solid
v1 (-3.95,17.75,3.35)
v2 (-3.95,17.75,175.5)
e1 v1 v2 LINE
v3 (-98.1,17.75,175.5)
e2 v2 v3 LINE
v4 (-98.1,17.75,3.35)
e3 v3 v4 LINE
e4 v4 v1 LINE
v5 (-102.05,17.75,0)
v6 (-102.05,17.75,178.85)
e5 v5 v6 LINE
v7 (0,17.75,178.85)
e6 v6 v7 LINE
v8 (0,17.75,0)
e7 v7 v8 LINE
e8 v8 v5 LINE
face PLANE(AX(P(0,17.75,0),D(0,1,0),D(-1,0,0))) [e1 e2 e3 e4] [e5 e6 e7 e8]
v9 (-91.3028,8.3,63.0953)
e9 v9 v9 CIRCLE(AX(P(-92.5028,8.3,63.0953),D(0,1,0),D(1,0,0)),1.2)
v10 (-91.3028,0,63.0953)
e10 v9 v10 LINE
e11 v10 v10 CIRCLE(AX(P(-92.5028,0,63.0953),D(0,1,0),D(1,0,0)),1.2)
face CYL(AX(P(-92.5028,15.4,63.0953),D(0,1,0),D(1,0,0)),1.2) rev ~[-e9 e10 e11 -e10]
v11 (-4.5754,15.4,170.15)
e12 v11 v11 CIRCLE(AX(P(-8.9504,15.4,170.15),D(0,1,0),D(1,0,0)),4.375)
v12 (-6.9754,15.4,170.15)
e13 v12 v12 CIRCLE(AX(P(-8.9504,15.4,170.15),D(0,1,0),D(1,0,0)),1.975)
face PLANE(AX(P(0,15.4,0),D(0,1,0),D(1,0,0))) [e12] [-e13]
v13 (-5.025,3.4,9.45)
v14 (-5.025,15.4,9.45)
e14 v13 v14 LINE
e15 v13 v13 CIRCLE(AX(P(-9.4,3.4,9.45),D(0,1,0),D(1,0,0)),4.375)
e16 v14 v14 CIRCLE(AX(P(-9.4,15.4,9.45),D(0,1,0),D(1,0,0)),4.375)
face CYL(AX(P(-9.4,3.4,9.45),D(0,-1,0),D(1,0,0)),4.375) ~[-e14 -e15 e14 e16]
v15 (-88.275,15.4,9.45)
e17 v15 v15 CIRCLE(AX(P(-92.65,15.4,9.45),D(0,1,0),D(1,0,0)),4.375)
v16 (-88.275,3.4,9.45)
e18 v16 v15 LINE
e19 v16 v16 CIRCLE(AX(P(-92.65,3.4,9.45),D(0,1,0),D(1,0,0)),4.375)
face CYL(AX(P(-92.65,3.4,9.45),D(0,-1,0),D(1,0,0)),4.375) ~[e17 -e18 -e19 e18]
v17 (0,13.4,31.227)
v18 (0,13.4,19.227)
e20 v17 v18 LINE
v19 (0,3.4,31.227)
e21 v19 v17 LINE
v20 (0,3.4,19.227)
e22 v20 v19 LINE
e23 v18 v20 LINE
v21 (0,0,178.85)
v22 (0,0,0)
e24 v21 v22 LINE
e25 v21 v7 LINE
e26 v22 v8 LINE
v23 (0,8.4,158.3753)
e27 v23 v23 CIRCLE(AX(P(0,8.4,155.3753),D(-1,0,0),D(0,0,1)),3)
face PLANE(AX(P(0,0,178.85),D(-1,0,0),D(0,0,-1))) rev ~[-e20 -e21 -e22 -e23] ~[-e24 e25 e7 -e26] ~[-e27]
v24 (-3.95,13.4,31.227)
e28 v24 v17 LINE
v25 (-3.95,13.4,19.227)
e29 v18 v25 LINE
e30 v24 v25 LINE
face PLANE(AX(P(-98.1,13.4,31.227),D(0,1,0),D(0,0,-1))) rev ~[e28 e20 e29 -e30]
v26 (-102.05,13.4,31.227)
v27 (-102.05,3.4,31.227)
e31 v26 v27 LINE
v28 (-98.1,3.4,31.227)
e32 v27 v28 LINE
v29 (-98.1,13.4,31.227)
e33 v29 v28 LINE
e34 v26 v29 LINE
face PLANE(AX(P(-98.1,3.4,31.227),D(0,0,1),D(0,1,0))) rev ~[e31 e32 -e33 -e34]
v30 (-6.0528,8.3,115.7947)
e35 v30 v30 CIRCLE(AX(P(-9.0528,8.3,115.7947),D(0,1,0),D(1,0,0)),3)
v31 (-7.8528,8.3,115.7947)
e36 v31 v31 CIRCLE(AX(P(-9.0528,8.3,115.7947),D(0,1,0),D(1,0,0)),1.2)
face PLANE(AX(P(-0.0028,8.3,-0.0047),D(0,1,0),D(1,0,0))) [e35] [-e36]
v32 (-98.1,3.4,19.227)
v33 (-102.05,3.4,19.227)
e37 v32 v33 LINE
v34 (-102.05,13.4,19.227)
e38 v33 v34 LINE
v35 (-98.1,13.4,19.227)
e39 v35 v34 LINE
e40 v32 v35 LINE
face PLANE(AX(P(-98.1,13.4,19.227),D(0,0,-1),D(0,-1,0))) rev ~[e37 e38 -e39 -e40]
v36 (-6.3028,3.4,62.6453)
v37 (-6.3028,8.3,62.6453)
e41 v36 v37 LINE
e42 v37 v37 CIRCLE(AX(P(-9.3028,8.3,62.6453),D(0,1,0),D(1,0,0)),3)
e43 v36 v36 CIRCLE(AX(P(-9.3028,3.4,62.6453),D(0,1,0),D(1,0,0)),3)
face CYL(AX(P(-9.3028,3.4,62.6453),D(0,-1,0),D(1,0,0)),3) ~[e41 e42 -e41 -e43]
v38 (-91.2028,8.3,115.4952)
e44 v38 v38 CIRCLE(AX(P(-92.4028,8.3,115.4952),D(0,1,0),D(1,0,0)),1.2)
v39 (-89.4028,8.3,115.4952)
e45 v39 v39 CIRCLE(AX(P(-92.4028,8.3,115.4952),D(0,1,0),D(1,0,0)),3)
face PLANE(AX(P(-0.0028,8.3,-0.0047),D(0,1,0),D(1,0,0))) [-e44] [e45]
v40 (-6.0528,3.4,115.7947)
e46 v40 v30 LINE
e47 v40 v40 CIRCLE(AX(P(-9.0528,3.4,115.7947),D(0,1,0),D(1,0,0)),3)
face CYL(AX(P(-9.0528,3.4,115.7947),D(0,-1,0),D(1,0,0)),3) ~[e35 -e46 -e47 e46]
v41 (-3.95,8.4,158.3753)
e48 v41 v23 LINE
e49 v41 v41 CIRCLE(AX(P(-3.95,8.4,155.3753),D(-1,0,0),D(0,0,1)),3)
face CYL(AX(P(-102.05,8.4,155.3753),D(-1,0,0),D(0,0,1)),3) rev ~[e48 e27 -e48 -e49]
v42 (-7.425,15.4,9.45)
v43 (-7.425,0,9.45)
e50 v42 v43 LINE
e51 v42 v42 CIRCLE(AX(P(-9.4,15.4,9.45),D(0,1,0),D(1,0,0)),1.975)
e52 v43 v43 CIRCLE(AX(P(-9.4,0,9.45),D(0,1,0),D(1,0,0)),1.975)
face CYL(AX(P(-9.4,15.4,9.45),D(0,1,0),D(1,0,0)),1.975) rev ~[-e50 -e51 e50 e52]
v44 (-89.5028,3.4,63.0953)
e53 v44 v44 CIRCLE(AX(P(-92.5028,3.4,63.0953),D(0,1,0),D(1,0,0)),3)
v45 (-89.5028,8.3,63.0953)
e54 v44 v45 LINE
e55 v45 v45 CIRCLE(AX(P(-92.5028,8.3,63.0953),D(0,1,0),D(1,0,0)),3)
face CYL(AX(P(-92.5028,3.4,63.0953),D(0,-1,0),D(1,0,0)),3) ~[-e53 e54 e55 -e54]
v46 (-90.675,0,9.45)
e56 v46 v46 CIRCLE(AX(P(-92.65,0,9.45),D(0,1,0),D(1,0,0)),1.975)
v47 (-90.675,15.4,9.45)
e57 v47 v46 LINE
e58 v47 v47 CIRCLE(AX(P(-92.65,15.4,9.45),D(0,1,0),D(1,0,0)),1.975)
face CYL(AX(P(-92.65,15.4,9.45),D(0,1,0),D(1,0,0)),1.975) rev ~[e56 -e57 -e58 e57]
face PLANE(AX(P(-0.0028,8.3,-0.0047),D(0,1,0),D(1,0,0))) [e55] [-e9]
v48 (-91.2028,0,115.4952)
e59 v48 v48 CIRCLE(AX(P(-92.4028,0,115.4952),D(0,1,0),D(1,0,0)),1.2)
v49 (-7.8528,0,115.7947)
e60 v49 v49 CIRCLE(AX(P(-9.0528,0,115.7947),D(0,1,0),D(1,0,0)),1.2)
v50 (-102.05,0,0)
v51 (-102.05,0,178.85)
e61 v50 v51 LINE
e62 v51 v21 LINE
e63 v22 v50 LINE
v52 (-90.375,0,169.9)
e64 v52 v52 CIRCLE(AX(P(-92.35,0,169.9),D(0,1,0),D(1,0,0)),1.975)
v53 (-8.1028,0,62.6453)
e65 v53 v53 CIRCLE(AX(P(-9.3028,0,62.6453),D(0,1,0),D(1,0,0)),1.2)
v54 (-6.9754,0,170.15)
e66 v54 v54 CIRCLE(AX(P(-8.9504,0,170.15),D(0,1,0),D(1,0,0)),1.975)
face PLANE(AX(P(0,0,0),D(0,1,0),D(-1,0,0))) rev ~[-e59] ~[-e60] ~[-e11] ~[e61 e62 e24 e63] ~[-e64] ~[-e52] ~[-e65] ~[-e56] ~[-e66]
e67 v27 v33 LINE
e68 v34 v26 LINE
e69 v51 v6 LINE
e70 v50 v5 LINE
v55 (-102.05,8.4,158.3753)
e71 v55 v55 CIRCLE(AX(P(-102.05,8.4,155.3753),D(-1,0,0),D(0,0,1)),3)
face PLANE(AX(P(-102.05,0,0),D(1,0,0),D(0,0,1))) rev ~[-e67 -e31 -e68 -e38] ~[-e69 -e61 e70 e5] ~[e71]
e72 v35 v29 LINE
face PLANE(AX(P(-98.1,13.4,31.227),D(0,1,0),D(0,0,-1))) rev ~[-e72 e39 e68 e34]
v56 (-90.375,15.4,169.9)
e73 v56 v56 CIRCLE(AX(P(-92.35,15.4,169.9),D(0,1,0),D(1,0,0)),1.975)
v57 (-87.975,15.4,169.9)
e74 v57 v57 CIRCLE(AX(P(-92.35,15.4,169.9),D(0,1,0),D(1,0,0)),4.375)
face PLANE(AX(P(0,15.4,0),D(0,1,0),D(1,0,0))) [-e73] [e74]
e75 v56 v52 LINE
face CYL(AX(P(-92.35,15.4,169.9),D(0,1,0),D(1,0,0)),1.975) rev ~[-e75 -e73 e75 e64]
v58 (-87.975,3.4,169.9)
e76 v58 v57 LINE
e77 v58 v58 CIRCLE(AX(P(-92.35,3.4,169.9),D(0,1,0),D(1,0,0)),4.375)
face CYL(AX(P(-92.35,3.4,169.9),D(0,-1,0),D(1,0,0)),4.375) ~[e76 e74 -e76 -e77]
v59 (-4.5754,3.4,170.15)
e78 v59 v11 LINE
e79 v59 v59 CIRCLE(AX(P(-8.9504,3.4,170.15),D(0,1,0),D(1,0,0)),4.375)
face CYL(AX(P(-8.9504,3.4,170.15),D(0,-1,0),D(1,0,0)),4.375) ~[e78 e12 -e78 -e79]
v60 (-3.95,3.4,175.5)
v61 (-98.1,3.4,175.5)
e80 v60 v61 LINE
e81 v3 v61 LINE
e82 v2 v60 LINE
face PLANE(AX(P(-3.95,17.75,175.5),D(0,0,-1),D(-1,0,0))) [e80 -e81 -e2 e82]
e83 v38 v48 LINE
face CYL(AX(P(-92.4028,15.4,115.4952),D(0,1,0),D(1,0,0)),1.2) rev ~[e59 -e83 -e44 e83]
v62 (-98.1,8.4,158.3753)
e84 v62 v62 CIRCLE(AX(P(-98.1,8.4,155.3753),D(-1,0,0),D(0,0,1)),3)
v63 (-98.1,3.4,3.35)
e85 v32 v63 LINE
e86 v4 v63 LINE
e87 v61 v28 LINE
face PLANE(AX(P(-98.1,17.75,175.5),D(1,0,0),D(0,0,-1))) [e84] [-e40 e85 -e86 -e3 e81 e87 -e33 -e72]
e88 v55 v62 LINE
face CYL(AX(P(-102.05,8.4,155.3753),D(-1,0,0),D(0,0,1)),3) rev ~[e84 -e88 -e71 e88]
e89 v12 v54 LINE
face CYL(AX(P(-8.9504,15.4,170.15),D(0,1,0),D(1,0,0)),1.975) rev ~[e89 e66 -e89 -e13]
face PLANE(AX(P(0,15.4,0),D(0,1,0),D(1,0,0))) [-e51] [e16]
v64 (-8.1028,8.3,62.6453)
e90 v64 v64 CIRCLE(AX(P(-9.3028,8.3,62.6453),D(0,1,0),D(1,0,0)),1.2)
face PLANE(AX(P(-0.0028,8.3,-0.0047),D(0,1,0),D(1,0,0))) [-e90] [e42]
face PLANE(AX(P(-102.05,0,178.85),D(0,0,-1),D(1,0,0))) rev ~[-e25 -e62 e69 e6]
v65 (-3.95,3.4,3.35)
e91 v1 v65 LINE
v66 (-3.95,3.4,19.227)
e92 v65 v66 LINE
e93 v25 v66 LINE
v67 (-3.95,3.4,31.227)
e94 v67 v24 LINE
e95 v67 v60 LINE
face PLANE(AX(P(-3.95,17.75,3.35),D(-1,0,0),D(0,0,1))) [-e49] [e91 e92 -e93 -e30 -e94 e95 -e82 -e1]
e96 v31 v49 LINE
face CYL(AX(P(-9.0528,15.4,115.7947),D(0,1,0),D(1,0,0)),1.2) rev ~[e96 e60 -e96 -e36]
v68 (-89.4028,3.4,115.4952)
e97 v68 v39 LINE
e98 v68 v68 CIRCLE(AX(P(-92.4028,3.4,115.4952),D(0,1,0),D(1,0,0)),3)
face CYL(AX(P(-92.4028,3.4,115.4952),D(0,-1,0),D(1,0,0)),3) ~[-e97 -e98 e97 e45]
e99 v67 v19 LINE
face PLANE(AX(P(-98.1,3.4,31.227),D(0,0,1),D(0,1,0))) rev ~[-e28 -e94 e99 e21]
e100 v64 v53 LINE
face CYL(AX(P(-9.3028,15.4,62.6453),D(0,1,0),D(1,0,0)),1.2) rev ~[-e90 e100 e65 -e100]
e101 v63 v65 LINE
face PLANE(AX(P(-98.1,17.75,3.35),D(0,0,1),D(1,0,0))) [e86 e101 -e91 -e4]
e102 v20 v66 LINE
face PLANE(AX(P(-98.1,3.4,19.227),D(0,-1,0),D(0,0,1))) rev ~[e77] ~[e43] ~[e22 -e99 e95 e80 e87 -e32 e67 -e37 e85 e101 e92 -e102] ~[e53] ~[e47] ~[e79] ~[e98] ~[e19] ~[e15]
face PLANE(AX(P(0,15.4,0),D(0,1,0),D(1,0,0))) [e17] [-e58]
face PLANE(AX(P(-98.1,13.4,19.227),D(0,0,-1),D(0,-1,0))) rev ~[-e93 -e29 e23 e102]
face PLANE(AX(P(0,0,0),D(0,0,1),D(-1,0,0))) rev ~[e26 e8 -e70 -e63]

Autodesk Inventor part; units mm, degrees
ref_plane "YZ Plane" through (0, 0, 0) normal (1, 0, 0) x (0, 1, 0)
ref_plane "XZ Plane" through (0, 0, 0) normal (0, 1, 0) x (-1, 0, 0)
ref_plane "XY Plane" through (0, 0, 0) normal (0, 0, 1) x (1, 0, 0)
sketch "Szkic1" plane through (0, 0, 0) normal (0, 1, 0) x (-1, 0, 0)
  line L0 (0, 0) -> (102.05, 0)
  line L1 (102.05, 0) -> (102.05, 178.85)
  line L2 (102.05, 178.85) -> (0, 178.85)
  line L3 (0, 178.85) -> (0, 0)
  dimension "d0" = 178.85
  dimension "d1" = 102.05
extrude "Wyciągnięcie proste1" add sketch "Szkic1" along normal blind 17.75
sketch "Szkic2" plane through (0, 17.75, 0) normal (0, 1, 0) x (1, 0, 0)
  line L0 (-98.1, -3.35) -> (-3.95, -3.35)
  line L1 (-3.95, -3.35) -> (-3.95, -175.5)
  line L2 (-3.95, -175.5) -> (-98.1, -175.5)
  line L3 (-98.1, -175.5) -> (-98.1, -3.35)
  line L4 (-102.05, -178.85) -> (0, -178.85) projected
  line L5 (0, 0) -> (-102.05, 0) projected
  line L6 (-102.05, 0) -> (-102.05, -178.85) projected
  line L7 (0, -178.85) -> (0, 0) projected
  dimension "d4" = 3.35
  dimension "d5" = 3.35
  dimension "d6" = 3.95
  dimension "d7" = 3.95
extrude "Wyciągnięcie proste2" cut sketch "Szkic2" against normal blind 14.35 contours L0 L1 L2 L3
sketch "Szkic3" plane through (0, 3.4, 0) normal (0, 1, 0) x (1, 0, 0)
  circle A0 centre (-9.4, -9.45) radius 4.375
  circle A1 centre (-92.65, -9.45) radius 4.375
  circle A2 centre (-92.5, -63.1) radius 3
  circle A3 centre (-9.3, -62.65) radius 3
  circle A4 centre (-92.4, -115.4999) radius 3
  circle A5 centre (-9.05, -115.7994) radius 3
  circle A6 centre (-92.35, -169.9) radius 4.375
  circle A7 centre (-8.9504, -170.15) radius 4.375
  line L0 (-102.05, 0) -> (-102.05, -178.85) projected
  line L1 (0, 0) -> (-102.05, 0) projected
  line L2 (0, -178.85) -> (0, 0) projected
  line L3 (-98.1, -175.5) -> (-98.1, -3.35) projected
  line L4 (-3.95, -3.35) -> (-3.95, -175.5) projected
  dimension "d10" = 8.75
  dimension "d11" = 8.75
  dimension "d12" = 6
  dimension "d13" = 6
  dimension "d14" = 6
  dimension "d15" = 6
  dimension "d16" = 8.75
  dimension "d17" = 8.75
  dimension "d18" = 9.4
  dimension "d19" = 9.45
  dimension "d20" = 9.45
  dimension "d21" = 9.4
  dimension "d23" = 63.1
  dimension "d25" = 62.65
  dimension "d27" = 52.4
  dimension "d29" = 53.15
  dimension "d30" = 83.2
  dimension "d31" = 102.05
  dimension "d32" = 9.55
  dimension "d33" = 9.65
  dimension "d34" = 83.35
  dimension "d35" = 83.4
  dimension "d36" = 9.7
  dimension "d37" = 160.45
  dimension "d38" = 160.7
extrude "Wyciągnięcie proste3" add sketch "Szkic3" along normal blind 12 contours A0 | A1 | A6 | A7
sketch "Szkic4" plane through (-0.0028, 3.4, -0.0047) normal (0, 1, 0) x (1, 0, 0)
  circle A0 centre (-9.4, -9.45) radius 4.375
  circle A1 centre (-92.65, -9.45) radius 4.375
  circle A2 centre (-92.5, -63.1) radius 3
  circle A3 centre (-9.3, -62.65) radius 3
  circle A4 centre (-92.4, -115.4999) radius 3
  circle A5 centre (-9.05, -115.7994) radius 3
  circle A6 centre (-92.35, -169.9) radius 4.375
  circle A7 centre (-8.9504, -170.15) radius 4.375
  line L0 (-102.05, 0) -> (-102.05, -178.85)
  line L1 (0, 0) -> (-102.05, 0)
  line L2 (0, -178.85) -> (0, 0)
  line L3 (-98.1, -175.5) -> (-98.1, -3.35)
  line L4 (-3.95, -3.35) -> (-3.95, -175.5)
  dimension "d59" = 8.75
  dimension "d62" = 8.75
  dimension "d56" = 6
  dimension "d53" = 6
  dimension "d47" = 6
  dimension "d50" = 6
  dimension "d44" = 8.75
  dimension "d41" = 8.75
  dimension "d61" = 9.4
  dimension "d60" = 9.45
  dimension "d64" = 9.45
  dimension "d63" = 9.4
  dimension "d58" = 63.1
  dimension "d55" = 62.65
  dimension "d52" = 52.4
  dimension "d49" = 53.15
  dimension "d54" = 83.2
  dimension "d68" = 102.05
  dimension "d57" = 9.55
  dimension "d51" = 9.65
  dimension "d48" = 83.35
  dimension "d43" = 83.4
  dimension "d46" = 9.7
  dimension "d45" = 160.45
  dimension "d42" = 160.7
extrude "Wyciągnięcie proste4" add sketch "Szkic4" along normal blind 4.9 contours A2 | A3 | A4 | A5
sketch "Szkic5" plane through (-92.65, 15.4, 9.45) normal (0, 1, 0) x (1, 0, 0)
  circle A0 centre (0, 0) radius 1.975
  circle A1 centre (83.25, 0) radius 4.375 projected
  circle A2 centre (83.25, 0) radius 1.975
  circle A3 centre (0.1472, -53.6453) radius 3 projected
  circle A4 centre (0.1472, -53.6453) radius 1.2
  circle A5 centre (83.3472, -53.1953) radius 3 projected
  circle A6 centre (83.3472, -53.1953) radius 1.2
  circle A7 centre (0.2472, -106.0452) radius 3 projected
  circle A8 centre (0.2472, -106.0452) radius 1.2
  circle A9 centre (83.5972, -106.3447) radius 3 projected
  circle A10 centre (83.5972, -106.3447) radius 1.2
  circle A11 centre (0.3, -160.45) radius 4.375 projected
  circle A12 centre (0.3, -160.45) radius 1.975
  circle A13 centre (83.6996, -160.7) radius 4.375 projected
  circle A14 centre (83.6996, -160.7) radius 1.975
  point P0 (92.65, 9.45)
  dimension "d69" = 3.95
  dimension "d70" = 3.95
  dimension "d71" = 2.4
  dimension "d72" = 2.4
  dimension "d73" = 2.4
  dimension "d74" = 2.4
  dimension "d75" = 3.95
  dimension "d76" = 3.95
extrude "Wyciągnięcie proste5" cut sketch "Szkic5" against normal through all contours A0 | A2 | A4 | A6 | A8 | A10 | A12 | A14
sketch "Szkic6" plane through (-98.1, 17.75, 175.5) normal (1, 0, 0) x (0, 0, -1)
  line L0 (144.273, -4.35) -> (156.273, -4.35)
  line L1 (156.273, -4.35) -> (156.273, -14.35)
  line L2 (156.273, -14.35) -> (144.273, -14.35)
  line L3 (144.273, -14.35) -> (144.273, -4.35)
  line L4 (0, -14.35) -> (172.15, -14.35) projected
  point P0 (175.5, -17.75)
  dimension "d79" = 10
  dimension "d80" = 12
extrude "Wyciągnięcie proste6" cut sketch "Szkic6" along normal through all both and the other way through all
sketch "Szkic7" plane through (-102.05, 0, 0) normal (-1, 0, 0) x (0, 0, 1)
  circle A0 centre (155.3753, 8.4) radius 3
  line L0 (19.227, 3.4) -> (19.227, 13.4) projected
  point P0 (0, 0)
  point P1 (19.227, 8.4)
  dimension "d83" = 6
extrude "Wyciągnięcie proste7" cut sketch "Szkic7" along normal through all both and the other way through all
properties part number "pudelko dol"
